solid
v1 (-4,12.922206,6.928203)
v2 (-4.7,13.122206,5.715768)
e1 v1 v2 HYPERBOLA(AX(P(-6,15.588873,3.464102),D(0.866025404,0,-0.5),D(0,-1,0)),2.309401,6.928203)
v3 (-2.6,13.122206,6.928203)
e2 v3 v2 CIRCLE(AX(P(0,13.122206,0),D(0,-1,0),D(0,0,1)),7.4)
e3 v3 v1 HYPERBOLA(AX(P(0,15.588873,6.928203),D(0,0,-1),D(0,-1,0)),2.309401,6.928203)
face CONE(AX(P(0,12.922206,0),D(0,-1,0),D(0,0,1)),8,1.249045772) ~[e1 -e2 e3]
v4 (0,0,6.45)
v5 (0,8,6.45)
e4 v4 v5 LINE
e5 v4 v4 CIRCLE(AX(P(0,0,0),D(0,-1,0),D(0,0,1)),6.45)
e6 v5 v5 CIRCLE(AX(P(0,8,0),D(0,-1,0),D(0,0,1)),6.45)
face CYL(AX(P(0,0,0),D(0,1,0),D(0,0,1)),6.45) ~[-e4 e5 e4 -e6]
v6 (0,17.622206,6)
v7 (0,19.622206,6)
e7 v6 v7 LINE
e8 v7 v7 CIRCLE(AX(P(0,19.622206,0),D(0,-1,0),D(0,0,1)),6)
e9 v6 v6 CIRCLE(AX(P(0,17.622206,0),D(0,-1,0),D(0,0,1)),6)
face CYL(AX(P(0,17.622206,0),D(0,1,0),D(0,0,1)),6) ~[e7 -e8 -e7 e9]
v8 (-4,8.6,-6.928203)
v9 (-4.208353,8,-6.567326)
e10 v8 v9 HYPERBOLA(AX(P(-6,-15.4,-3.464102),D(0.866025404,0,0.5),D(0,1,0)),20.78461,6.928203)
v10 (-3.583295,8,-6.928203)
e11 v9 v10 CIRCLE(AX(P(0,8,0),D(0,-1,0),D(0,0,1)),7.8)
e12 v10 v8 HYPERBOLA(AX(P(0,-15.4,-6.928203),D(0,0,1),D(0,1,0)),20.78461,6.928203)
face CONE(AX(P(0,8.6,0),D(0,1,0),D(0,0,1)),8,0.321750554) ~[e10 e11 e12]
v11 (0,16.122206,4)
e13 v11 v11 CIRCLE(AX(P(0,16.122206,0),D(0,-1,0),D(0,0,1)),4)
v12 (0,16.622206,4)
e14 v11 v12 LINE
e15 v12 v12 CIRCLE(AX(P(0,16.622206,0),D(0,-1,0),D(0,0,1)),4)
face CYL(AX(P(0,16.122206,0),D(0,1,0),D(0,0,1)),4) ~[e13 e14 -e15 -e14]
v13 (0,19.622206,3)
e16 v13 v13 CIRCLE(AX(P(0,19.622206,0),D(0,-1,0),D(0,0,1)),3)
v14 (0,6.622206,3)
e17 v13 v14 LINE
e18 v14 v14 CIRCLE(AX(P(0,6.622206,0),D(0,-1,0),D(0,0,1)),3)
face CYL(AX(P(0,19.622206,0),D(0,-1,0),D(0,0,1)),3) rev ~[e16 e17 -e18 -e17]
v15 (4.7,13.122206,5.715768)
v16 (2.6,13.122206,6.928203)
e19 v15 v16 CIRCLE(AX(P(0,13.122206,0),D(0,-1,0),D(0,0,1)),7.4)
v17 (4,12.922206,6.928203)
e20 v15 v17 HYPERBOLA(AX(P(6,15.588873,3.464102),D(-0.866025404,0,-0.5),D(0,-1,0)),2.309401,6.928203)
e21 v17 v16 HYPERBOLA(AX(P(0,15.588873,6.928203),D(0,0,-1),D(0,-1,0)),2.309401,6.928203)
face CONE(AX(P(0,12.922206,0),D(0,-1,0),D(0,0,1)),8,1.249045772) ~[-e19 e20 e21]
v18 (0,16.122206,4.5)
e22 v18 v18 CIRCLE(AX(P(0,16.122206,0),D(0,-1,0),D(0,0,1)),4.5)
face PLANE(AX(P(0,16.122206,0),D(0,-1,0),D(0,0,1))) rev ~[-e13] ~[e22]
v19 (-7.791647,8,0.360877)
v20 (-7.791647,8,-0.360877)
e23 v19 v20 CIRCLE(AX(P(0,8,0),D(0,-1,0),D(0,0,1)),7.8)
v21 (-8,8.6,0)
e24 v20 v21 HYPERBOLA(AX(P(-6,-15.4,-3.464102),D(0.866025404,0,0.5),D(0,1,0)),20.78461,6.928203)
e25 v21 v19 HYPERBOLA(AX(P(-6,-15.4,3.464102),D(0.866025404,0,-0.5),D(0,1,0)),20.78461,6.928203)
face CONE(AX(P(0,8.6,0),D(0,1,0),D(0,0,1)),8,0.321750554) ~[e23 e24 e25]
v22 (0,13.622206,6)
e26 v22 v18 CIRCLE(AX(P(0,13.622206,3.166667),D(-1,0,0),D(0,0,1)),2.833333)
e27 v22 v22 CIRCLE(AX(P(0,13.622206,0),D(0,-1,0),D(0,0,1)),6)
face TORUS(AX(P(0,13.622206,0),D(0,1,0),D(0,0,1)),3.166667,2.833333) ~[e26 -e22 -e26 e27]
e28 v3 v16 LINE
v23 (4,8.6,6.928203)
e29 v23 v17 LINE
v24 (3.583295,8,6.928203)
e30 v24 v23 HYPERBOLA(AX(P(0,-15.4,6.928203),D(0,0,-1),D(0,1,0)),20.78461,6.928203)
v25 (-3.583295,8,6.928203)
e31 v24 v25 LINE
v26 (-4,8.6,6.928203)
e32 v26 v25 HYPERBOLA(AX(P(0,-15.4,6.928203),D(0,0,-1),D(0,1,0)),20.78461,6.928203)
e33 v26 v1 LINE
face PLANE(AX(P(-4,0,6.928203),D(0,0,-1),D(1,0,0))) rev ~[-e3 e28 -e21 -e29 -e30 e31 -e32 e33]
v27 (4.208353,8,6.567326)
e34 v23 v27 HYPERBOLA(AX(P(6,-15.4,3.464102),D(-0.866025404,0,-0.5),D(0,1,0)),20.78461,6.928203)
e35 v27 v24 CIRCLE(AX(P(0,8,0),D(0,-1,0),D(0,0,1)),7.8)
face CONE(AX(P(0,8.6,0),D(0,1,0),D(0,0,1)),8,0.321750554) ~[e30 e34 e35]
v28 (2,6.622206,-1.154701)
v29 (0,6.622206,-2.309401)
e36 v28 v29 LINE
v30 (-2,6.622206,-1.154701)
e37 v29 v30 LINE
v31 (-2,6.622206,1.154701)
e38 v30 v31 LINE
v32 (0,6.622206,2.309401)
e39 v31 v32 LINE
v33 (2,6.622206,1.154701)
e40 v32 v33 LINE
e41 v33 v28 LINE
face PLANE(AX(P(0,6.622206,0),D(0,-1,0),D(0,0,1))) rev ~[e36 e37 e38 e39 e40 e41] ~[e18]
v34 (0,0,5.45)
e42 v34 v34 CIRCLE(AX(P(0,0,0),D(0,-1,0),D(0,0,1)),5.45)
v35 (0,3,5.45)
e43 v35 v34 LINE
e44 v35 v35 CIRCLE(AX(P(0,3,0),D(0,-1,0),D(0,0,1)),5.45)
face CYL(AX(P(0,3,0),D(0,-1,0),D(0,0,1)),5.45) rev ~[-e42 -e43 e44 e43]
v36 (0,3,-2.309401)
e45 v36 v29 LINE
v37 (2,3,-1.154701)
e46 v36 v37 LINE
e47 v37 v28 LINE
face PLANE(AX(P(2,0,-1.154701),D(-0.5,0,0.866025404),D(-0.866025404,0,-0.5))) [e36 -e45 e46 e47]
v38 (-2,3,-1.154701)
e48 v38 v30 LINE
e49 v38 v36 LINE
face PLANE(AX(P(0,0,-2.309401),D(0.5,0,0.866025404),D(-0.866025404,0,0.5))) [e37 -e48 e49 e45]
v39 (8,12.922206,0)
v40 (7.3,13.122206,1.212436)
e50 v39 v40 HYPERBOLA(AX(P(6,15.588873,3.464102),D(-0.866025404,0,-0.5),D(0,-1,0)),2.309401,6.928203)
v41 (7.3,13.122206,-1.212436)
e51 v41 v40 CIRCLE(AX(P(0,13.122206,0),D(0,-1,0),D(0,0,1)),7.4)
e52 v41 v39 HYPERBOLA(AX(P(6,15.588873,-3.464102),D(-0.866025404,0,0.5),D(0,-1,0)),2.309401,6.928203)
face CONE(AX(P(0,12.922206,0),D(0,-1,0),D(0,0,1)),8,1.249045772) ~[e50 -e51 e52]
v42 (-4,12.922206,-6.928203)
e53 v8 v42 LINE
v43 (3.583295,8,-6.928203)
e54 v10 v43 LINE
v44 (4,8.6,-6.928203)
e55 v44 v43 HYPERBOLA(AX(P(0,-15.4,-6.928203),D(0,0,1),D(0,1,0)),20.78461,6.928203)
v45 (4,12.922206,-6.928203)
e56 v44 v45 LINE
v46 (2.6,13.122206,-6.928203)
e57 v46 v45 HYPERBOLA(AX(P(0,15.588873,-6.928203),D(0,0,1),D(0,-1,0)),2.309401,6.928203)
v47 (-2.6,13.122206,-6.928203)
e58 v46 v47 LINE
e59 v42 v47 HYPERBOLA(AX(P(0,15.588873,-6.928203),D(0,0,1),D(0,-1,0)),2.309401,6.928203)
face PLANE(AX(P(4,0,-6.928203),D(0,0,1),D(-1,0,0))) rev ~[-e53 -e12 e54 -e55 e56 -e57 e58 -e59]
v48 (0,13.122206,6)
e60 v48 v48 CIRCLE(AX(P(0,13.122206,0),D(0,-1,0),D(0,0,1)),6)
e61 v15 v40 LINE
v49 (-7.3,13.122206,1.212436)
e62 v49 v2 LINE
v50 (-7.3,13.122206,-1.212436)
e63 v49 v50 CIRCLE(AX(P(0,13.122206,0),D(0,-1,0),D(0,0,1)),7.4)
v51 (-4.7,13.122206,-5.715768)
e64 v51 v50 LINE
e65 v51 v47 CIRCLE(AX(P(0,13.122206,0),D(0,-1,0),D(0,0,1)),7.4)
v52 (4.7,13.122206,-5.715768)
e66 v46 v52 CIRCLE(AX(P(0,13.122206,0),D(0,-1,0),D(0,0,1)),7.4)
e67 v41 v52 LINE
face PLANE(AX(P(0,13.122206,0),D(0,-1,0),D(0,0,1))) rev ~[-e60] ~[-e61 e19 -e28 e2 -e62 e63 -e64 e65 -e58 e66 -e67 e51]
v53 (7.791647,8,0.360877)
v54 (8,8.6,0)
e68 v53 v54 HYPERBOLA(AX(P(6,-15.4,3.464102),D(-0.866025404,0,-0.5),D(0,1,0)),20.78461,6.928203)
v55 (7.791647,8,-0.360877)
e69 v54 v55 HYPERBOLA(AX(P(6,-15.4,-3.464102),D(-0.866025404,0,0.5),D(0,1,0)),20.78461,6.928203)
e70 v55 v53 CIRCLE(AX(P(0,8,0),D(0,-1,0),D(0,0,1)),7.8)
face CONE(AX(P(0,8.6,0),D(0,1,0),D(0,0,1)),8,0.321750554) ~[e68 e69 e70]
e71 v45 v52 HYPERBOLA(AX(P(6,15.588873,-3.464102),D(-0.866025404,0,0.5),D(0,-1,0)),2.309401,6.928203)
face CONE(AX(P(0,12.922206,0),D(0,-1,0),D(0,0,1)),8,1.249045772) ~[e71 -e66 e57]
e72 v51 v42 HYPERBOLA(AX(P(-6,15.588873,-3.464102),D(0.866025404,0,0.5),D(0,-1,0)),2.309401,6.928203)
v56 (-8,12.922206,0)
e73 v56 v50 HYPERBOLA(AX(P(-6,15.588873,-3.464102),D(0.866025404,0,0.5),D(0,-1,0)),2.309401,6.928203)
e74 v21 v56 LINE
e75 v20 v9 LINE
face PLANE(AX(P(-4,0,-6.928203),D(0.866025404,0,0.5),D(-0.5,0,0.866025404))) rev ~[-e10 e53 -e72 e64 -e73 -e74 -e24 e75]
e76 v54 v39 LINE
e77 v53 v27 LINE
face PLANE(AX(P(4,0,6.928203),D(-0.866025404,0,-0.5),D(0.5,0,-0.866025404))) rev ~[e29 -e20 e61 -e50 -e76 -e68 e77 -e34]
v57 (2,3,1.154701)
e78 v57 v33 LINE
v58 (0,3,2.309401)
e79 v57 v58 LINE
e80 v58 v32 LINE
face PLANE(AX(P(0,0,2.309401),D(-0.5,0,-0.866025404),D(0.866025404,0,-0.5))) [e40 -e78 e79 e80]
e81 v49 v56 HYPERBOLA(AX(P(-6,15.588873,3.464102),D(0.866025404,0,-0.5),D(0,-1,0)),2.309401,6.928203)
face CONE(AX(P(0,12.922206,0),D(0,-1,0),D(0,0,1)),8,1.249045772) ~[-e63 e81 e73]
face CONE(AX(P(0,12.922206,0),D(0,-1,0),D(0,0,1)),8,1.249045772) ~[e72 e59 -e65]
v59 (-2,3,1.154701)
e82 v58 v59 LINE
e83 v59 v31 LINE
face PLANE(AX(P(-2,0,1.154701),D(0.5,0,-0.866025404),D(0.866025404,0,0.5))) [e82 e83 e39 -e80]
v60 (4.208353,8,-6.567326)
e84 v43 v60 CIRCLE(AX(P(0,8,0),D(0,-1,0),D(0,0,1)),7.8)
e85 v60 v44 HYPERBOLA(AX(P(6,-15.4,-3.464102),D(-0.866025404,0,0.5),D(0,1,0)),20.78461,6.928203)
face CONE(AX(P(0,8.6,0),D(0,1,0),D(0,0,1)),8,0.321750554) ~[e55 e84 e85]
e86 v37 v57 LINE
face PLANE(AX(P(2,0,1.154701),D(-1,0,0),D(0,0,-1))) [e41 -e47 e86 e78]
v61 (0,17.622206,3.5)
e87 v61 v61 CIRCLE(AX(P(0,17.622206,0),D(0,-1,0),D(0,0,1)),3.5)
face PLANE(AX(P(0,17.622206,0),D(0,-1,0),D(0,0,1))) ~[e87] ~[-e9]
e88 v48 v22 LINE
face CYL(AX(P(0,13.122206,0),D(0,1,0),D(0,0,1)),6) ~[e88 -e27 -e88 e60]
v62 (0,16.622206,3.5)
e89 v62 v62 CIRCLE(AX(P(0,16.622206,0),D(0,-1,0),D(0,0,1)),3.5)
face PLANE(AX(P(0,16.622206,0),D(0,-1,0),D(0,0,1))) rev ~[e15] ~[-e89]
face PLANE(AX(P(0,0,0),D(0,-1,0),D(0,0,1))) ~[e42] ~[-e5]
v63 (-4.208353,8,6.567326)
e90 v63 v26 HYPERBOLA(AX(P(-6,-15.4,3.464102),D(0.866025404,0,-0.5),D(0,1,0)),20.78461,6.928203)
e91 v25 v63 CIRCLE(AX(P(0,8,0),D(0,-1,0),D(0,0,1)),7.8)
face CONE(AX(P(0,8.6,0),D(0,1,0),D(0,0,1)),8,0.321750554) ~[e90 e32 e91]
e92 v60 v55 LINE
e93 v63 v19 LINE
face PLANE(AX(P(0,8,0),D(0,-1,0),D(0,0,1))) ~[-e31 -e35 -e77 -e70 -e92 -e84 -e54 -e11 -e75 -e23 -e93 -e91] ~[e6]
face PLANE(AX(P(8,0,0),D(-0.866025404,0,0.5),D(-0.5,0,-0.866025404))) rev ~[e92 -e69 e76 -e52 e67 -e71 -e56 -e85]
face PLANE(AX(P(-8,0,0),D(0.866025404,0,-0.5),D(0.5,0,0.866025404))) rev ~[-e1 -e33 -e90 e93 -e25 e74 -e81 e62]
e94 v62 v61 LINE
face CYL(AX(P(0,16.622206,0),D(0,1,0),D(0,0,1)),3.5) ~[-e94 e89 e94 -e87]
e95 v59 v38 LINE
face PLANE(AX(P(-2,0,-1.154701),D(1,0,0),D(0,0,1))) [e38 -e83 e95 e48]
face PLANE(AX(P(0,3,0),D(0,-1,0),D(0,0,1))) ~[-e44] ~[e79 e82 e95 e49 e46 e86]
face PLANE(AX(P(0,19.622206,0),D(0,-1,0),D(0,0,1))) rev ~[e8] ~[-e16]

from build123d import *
from OCP.BRepFilletAPI import BRepFilletAPI_MakeChamfer

# Parameters (mm, degrees)
CHAMFER_1_SIZE      = 0.2
CHAMFER_1_SIZE2     = 0.6
CUT_EXTRUDE_1_DEPTH = 6.622206177
SKETCH_3_R          = 13
CUT_EXTRUDE_3_DEPTH = 23.650187091


with BuildPart() as part:
    # 草图1 → 旋转1 (revolve)
    with BuildSketch(Plane.XY, mode=Mode.PRIVATE) as revolve_1_sk:
        with BuildLine():
            Line((6, 19.622206177), (3, 19.622206177))
            Line((3, 19.622206177), (3, 6.622206177))
            Line((3, 6.622206177), (0, 6.622206177))
            Line((0, 6.622206177), (0, 3))
            Line((0, 3), (5.45, 3))
            Line((5.45, 3), (5.45, 0))
            Line((5.45, 0), (6.45, 0))
            Line((6.45, 0), (6.45, 8))
            Line((6.45, 8), (8, 8))
            Line((8, 8), (8, 13.122206177))
            Line((8, 13.122206177), (6, 13.122206177))
            Line((6, 13.122206177), (6, 13.622206177))
            ThreePointArc((6, 13.622206177), (5.596229956, 15.079944151), (4.5, 16.122206177))
            Line((4.5, 16.122206177), (4, 16.122206177))
            Line((4, 16.122206177), (4, 16.622206177))
            Line((4, 16.622206177), (3.5, 16.622206177))
            Line((3.5, 16.622206177), (3.5, 17.622206177))
            Line((3.5, 17.622206177), (6, 17.622206177))
            Line((6, 17.622206177), (6, 19.622206177))
        make_face()
    revolve(revolve_1_sk.sketch.rotate(Axis((0, 26.759420291, 0), (0, -1, 0)), 90), axis=Axis((0, 26.759420291, 0), (0, -1, 0)))

    # 倒角1: one chamfer whose edges measure the first distance from different faces: ONE call of the kernel's chamfer builder (chamfer() names one face for all edges)
    chamfer_1_edges_1 = [part.edges().sort_by_distance(p)[0] for p in [
        (0, 13.122206177, -8),
    ]]
    chamfer_1_side_1 = [part.faces().sort_by_distance(p)[0] for p in [
        (0, 10.561103089, -8),
    ]]
    chamfer_1_edges_2 = [part.edges().sort_by_distance(p)[0] for p in [
        (0, 8, -8),
    ]]
    chamfer_1_side_2 = [part.faces().sort_by_distance(p)[0] for p in [
        (0, 8, -6.67627417),
    ]]
    chamfer_1 = BRepFilletAPI_MakeChamfer(part.part.solid().wrapped)
    for e in chamfer_1_edges_1:
        chamfer_1.Add(CHAMFER_1_SIZE, CHAMFER_1_SIZE2, e.wrapped, chamfer_1_side_1[0].wrapped)  # the first distance lies on this face
    for e in chamfer_1_edges_2:
        chamfer_1.Add(CHAMFER_1_SIZE, CHAMFER_1_SIZE2, e.wrapped, chamfer_1_side_2[0].wrapped)  # the first distance lies on this face
    add(Compound.cast(chamfer_1.Shape()), mode=Mode.REPLACE)

    # 草图2 → 切除-拉伸1 (cut)
    with BuildSketch(Plane(origin=(0, 0, 0), x_dir=(1, 0, 0), z_dir=(0, 1, 0))):
        Polygon((2, 1.154700538), (0, 2.309401077), (-2, 1.154700538), (-2, -1.154700538), (0, -2.309401077), (2, -1.154700538), align=None)
    extrude(amount=CUT_EXTRUDE_1_DEPTH, mode=Mode.SUBTRACT)

    # 草图3 → 切除-拉伸3 (cut, through all)
    with BuildSketch(Plane(origin=(0, 0, 0), x_dir=(1, 0, 0), z_dir=(0, 1, 0))):
        Circle(SKETCH_3_R)
        Polygon((8, 0), (4, 6.92820323), (-4, 6.92820323), (-8, 0), (-4, -6.92820323), (4, -6.92820323), align=None, mode=Mode.SUBTRACT)
    extrude(amount=CUT_EXTRUDE_3_DEPTH, mode=Mode.SUBTRACT)


solid = part.part
